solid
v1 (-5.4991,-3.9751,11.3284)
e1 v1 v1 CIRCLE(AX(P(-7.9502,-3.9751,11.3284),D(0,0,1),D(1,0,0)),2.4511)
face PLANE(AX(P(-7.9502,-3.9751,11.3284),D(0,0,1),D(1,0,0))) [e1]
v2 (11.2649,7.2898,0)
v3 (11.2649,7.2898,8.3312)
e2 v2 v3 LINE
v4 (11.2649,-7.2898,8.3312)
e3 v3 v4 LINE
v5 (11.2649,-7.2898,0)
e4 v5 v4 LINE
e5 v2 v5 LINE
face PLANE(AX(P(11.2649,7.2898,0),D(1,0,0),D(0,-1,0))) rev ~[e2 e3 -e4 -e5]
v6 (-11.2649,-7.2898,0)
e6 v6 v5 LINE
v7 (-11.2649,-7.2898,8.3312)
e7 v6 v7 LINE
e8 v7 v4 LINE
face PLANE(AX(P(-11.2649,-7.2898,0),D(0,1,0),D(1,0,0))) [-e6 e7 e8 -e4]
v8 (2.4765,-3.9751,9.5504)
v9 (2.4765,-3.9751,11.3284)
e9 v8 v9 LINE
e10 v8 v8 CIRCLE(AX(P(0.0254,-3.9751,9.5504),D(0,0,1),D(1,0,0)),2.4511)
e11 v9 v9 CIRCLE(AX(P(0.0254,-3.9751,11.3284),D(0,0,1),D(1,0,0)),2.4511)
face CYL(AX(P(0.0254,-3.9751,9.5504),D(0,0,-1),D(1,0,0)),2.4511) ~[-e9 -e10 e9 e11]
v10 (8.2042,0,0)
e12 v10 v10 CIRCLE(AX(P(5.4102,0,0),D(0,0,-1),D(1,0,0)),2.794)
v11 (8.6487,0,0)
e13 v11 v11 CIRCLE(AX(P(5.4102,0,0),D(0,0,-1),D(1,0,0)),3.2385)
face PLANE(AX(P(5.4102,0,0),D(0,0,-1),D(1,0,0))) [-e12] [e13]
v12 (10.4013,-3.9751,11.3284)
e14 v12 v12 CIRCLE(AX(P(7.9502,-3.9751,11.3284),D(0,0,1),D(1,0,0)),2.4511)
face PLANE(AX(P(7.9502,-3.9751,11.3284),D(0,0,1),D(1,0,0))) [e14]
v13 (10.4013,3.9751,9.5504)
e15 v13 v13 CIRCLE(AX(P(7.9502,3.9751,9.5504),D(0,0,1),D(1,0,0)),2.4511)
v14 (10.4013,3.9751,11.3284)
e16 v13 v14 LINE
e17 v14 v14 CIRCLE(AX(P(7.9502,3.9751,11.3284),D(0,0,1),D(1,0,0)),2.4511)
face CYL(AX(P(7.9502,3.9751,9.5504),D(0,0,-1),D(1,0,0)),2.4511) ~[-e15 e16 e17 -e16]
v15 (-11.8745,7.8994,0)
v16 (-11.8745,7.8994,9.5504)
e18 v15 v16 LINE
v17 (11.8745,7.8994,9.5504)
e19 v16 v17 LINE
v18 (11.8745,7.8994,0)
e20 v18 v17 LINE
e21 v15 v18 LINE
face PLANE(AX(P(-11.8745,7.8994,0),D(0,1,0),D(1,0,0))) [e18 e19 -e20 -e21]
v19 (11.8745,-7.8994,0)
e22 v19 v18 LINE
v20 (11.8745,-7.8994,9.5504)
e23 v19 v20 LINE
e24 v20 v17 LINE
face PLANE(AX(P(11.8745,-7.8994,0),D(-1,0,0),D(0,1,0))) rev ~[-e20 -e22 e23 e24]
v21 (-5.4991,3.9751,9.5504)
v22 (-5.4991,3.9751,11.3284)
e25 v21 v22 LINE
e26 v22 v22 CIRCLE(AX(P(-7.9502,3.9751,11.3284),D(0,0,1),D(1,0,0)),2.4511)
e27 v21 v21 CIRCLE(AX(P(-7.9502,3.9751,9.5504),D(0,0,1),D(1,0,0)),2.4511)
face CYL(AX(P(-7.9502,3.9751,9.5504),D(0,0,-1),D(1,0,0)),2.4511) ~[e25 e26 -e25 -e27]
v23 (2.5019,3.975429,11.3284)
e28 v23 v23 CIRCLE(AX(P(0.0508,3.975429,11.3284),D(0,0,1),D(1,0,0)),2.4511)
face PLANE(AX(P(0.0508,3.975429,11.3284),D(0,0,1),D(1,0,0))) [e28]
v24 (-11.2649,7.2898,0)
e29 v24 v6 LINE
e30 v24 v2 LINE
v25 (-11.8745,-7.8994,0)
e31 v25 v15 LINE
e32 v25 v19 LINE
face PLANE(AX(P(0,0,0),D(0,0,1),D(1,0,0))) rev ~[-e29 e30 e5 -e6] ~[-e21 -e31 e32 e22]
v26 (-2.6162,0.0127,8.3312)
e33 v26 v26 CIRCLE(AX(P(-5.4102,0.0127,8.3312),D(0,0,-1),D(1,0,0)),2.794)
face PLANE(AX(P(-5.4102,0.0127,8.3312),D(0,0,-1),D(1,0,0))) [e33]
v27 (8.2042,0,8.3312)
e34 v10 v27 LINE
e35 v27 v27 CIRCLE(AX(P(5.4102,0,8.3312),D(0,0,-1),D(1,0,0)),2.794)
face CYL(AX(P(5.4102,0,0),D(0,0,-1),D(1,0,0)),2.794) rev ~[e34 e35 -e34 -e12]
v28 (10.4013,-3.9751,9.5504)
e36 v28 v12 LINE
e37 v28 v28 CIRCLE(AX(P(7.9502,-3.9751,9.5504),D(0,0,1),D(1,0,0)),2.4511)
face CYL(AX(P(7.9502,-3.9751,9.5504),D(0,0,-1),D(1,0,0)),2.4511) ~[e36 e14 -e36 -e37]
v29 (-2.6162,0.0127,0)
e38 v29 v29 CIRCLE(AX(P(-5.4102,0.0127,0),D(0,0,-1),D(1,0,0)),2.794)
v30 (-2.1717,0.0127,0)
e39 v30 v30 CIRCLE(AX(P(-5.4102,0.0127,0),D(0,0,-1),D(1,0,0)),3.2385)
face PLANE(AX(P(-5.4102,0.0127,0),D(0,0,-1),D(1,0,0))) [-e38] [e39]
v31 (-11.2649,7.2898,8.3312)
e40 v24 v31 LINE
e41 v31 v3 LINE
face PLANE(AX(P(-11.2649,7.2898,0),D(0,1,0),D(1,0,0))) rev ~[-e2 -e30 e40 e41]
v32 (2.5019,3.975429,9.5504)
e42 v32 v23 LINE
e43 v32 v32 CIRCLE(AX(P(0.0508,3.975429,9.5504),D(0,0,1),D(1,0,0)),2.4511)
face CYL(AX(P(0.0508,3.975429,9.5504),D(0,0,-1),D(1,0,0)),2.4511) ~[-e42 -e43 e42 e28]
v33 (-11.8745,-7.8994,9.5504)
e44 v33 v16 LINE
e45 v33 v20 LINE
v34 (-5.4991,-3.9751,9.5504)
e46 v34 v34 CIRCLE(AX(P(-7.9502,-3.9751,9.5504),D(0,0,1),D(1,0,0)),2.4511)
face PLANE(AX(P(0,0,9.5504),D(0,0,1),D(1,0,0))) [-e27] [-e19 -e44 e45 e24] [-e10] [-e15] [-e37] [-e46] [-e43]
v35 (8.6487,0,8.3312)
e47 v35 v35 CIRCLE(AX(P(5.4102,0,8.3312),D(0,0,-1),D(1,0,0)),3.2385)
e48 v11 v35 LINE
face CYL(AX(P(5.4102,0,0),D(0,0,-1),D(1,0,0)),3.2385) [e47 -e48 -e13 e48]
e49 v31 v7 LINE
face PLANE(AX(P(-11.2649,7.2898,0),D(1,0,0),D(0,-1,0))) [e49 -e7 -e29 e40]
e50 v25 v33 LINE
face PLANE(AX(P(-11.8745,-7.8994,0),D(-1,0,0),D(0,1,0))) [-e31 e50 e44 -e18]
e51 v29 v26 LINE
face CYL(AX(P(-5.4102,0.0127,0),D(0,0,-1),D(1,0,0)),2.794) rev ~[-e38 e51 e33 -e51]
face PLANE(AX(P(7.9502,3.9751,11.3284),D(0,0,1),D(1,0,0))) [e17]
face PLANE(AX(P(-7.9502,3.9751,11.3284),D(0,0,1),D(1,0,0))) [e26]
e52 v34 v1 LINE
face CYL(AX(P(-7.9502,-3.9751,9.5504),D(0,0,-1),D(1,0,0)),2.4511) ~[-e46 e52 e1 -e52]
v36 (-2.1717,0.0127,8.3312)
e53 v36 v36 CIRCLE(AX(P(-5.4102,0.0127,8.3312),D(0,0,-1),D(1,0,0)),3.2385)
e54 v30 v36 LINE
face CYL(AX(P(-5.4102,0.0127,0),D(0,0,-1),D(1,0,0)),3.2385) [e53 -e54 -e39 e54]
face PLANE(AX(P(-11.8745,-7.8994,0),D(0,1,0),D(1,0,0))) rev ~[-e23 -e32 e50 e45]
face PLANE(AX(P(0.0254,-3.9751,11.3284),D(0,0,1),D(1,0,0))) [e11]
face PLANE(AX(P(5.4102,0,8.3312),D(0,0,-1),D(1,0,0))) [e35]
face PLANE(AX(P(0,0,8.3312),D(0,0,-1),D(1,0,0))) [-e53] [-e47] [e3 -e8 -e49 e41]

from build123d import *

# Parameters (mm, degrees)
F0_W      = 23.749
F0_H      = 15.7988
F1_DEPTH  = 9.5504
F2_R      = 2.4511
F8_DEPTH  = 1.778
F4_R      = 2.4511
F9_DEPTH  = 1.778
F6_R      = 2.4511
F10_DEPTH = 1.778
F3_R      = 2.4511
F11_DEPTH = 1.778
F5_R      = 2.4511
F12_DEPTH = 1.778
F7_R      = 2.4511
F13_DEPTH = 1.778
F14_W     = 22.5298
F14_H     = 14.5796
F17_DEPTH = 8.3312
F15_R     = 3.2385
F18_DEPTH = 8.3312
F16_R     = 3.2385
F19_DEPTH = 8.3312
F20_R     = 2.794
F22_DEPTH = 8.3312
F21_R     = 2.794
F23_DEPTH = 8.3312


with BuildPart() as f1:
    # F0 (on Top) → F1 (new body)
    with BuildSketch(Plane.XY):
        Rectangle(F0_W, F0_H)
    extrude(amount=F1_DEPTH)

    # F2 (on face) → F8 (join)
    with BuildSketch(Plane.XY.offset(9.5504)):
        with Locations((-7.9502, 3.9751)):
            Circle(F2_R)
    extrude(amount=F8_DEPTH)

    # F4 (on face) → F9 (join)
    with BuildSketch(Plane.XY.offset(9.5504)):
        with Locations((7.9502, 3.9751)):
            Circle(F4_R)
    extrude(amount=F9_DEPTH)

    # F6 (on face) → F10 (join)
    with BuildSketch(Plane.XY.offset(9.5504)):
        with Locations((7.9502, -3.9751)):
            Circle(F6_R)
    extrude(amount=F10_DEPTH)

    # F3 (on face) → F11 (join)
    with BuildSketch(Plane.XY.offset(9.5504)):
        with Locations((0.0508, 3.975429)):
            Circle(F3_R)
    extrude(amount=F11_DEPTH)

    # F5 (on face) → F12 (join)
    with BuildSketch(Plane.XY.offset(9.5504)):
        with Locations((-7.9502, -3.9751)):
            Circle(F5_R)
    extrude(amount=F12_DEPTH)

    # F7 (on face) → F13 (join)
    with BuildSketch(Plane.XY.offset(9.5504)):
        with Locations((0.0254, -3.9751)):
            Circle(F7_R)
    extrude(amount=F13_DEPTH)

    # F14 (on face) → F17 (cut)
    with BuildSketch(Plane(origin=(0, 0, 0), x_dir=(1, 0, 0), z_dir=(0, 0, -1))):
        Rectangle(F14_W, F14_H)
    extrude(amount=-F17_DEPTH, mode=Mode.SUBTRACT)

    # F15 (on face) → F18 (join)
    with BuildSketch(Plane(origin=(0, 0, 0), x_dir=(1, 0, 0), z_dir=(0, 0, -1))):
        with Locations((-5.4102, -0.0127)):
            Circle(F15_R)
    extrude(amount=-F18_DEPTH)

    # F16 (on face) → F19 (join)
    with BuildSketch(Plane(origin=(0, 0, 0), x_dir=(1, 0, 0), z_dir=(0, 0, -1))):
        with Locations((5.4102, 0)):
            Circle(F16_R)
    extrude(amount=-F19_DEPTH)

    # F20 (on face) → F22 (cut)
    with BuildSketch(Plane(origin=(0, 0, 0), x_dir=(1, 0, 0), z_dir=(0, 0, -1))):
        with Locations((-5.4102, -0.0127)):
            Circle(F20_R)
    extrude(amount=-F22_DEPTH, mode=Mode.SUBTRACT)

    # F21 (on face) → F23 (cut)
    with BuildSketch(Plane(origin=(0, 0, 0), x_dir=(1, 0, 0), z_dir=(0, 0, -1))):
        with Locations((5.4102, 0)):
            Circle(F21_R)
    extrude(amount=-F23_DEPTH, mode=Mode.SUBTRACT)


solid = f1.part
